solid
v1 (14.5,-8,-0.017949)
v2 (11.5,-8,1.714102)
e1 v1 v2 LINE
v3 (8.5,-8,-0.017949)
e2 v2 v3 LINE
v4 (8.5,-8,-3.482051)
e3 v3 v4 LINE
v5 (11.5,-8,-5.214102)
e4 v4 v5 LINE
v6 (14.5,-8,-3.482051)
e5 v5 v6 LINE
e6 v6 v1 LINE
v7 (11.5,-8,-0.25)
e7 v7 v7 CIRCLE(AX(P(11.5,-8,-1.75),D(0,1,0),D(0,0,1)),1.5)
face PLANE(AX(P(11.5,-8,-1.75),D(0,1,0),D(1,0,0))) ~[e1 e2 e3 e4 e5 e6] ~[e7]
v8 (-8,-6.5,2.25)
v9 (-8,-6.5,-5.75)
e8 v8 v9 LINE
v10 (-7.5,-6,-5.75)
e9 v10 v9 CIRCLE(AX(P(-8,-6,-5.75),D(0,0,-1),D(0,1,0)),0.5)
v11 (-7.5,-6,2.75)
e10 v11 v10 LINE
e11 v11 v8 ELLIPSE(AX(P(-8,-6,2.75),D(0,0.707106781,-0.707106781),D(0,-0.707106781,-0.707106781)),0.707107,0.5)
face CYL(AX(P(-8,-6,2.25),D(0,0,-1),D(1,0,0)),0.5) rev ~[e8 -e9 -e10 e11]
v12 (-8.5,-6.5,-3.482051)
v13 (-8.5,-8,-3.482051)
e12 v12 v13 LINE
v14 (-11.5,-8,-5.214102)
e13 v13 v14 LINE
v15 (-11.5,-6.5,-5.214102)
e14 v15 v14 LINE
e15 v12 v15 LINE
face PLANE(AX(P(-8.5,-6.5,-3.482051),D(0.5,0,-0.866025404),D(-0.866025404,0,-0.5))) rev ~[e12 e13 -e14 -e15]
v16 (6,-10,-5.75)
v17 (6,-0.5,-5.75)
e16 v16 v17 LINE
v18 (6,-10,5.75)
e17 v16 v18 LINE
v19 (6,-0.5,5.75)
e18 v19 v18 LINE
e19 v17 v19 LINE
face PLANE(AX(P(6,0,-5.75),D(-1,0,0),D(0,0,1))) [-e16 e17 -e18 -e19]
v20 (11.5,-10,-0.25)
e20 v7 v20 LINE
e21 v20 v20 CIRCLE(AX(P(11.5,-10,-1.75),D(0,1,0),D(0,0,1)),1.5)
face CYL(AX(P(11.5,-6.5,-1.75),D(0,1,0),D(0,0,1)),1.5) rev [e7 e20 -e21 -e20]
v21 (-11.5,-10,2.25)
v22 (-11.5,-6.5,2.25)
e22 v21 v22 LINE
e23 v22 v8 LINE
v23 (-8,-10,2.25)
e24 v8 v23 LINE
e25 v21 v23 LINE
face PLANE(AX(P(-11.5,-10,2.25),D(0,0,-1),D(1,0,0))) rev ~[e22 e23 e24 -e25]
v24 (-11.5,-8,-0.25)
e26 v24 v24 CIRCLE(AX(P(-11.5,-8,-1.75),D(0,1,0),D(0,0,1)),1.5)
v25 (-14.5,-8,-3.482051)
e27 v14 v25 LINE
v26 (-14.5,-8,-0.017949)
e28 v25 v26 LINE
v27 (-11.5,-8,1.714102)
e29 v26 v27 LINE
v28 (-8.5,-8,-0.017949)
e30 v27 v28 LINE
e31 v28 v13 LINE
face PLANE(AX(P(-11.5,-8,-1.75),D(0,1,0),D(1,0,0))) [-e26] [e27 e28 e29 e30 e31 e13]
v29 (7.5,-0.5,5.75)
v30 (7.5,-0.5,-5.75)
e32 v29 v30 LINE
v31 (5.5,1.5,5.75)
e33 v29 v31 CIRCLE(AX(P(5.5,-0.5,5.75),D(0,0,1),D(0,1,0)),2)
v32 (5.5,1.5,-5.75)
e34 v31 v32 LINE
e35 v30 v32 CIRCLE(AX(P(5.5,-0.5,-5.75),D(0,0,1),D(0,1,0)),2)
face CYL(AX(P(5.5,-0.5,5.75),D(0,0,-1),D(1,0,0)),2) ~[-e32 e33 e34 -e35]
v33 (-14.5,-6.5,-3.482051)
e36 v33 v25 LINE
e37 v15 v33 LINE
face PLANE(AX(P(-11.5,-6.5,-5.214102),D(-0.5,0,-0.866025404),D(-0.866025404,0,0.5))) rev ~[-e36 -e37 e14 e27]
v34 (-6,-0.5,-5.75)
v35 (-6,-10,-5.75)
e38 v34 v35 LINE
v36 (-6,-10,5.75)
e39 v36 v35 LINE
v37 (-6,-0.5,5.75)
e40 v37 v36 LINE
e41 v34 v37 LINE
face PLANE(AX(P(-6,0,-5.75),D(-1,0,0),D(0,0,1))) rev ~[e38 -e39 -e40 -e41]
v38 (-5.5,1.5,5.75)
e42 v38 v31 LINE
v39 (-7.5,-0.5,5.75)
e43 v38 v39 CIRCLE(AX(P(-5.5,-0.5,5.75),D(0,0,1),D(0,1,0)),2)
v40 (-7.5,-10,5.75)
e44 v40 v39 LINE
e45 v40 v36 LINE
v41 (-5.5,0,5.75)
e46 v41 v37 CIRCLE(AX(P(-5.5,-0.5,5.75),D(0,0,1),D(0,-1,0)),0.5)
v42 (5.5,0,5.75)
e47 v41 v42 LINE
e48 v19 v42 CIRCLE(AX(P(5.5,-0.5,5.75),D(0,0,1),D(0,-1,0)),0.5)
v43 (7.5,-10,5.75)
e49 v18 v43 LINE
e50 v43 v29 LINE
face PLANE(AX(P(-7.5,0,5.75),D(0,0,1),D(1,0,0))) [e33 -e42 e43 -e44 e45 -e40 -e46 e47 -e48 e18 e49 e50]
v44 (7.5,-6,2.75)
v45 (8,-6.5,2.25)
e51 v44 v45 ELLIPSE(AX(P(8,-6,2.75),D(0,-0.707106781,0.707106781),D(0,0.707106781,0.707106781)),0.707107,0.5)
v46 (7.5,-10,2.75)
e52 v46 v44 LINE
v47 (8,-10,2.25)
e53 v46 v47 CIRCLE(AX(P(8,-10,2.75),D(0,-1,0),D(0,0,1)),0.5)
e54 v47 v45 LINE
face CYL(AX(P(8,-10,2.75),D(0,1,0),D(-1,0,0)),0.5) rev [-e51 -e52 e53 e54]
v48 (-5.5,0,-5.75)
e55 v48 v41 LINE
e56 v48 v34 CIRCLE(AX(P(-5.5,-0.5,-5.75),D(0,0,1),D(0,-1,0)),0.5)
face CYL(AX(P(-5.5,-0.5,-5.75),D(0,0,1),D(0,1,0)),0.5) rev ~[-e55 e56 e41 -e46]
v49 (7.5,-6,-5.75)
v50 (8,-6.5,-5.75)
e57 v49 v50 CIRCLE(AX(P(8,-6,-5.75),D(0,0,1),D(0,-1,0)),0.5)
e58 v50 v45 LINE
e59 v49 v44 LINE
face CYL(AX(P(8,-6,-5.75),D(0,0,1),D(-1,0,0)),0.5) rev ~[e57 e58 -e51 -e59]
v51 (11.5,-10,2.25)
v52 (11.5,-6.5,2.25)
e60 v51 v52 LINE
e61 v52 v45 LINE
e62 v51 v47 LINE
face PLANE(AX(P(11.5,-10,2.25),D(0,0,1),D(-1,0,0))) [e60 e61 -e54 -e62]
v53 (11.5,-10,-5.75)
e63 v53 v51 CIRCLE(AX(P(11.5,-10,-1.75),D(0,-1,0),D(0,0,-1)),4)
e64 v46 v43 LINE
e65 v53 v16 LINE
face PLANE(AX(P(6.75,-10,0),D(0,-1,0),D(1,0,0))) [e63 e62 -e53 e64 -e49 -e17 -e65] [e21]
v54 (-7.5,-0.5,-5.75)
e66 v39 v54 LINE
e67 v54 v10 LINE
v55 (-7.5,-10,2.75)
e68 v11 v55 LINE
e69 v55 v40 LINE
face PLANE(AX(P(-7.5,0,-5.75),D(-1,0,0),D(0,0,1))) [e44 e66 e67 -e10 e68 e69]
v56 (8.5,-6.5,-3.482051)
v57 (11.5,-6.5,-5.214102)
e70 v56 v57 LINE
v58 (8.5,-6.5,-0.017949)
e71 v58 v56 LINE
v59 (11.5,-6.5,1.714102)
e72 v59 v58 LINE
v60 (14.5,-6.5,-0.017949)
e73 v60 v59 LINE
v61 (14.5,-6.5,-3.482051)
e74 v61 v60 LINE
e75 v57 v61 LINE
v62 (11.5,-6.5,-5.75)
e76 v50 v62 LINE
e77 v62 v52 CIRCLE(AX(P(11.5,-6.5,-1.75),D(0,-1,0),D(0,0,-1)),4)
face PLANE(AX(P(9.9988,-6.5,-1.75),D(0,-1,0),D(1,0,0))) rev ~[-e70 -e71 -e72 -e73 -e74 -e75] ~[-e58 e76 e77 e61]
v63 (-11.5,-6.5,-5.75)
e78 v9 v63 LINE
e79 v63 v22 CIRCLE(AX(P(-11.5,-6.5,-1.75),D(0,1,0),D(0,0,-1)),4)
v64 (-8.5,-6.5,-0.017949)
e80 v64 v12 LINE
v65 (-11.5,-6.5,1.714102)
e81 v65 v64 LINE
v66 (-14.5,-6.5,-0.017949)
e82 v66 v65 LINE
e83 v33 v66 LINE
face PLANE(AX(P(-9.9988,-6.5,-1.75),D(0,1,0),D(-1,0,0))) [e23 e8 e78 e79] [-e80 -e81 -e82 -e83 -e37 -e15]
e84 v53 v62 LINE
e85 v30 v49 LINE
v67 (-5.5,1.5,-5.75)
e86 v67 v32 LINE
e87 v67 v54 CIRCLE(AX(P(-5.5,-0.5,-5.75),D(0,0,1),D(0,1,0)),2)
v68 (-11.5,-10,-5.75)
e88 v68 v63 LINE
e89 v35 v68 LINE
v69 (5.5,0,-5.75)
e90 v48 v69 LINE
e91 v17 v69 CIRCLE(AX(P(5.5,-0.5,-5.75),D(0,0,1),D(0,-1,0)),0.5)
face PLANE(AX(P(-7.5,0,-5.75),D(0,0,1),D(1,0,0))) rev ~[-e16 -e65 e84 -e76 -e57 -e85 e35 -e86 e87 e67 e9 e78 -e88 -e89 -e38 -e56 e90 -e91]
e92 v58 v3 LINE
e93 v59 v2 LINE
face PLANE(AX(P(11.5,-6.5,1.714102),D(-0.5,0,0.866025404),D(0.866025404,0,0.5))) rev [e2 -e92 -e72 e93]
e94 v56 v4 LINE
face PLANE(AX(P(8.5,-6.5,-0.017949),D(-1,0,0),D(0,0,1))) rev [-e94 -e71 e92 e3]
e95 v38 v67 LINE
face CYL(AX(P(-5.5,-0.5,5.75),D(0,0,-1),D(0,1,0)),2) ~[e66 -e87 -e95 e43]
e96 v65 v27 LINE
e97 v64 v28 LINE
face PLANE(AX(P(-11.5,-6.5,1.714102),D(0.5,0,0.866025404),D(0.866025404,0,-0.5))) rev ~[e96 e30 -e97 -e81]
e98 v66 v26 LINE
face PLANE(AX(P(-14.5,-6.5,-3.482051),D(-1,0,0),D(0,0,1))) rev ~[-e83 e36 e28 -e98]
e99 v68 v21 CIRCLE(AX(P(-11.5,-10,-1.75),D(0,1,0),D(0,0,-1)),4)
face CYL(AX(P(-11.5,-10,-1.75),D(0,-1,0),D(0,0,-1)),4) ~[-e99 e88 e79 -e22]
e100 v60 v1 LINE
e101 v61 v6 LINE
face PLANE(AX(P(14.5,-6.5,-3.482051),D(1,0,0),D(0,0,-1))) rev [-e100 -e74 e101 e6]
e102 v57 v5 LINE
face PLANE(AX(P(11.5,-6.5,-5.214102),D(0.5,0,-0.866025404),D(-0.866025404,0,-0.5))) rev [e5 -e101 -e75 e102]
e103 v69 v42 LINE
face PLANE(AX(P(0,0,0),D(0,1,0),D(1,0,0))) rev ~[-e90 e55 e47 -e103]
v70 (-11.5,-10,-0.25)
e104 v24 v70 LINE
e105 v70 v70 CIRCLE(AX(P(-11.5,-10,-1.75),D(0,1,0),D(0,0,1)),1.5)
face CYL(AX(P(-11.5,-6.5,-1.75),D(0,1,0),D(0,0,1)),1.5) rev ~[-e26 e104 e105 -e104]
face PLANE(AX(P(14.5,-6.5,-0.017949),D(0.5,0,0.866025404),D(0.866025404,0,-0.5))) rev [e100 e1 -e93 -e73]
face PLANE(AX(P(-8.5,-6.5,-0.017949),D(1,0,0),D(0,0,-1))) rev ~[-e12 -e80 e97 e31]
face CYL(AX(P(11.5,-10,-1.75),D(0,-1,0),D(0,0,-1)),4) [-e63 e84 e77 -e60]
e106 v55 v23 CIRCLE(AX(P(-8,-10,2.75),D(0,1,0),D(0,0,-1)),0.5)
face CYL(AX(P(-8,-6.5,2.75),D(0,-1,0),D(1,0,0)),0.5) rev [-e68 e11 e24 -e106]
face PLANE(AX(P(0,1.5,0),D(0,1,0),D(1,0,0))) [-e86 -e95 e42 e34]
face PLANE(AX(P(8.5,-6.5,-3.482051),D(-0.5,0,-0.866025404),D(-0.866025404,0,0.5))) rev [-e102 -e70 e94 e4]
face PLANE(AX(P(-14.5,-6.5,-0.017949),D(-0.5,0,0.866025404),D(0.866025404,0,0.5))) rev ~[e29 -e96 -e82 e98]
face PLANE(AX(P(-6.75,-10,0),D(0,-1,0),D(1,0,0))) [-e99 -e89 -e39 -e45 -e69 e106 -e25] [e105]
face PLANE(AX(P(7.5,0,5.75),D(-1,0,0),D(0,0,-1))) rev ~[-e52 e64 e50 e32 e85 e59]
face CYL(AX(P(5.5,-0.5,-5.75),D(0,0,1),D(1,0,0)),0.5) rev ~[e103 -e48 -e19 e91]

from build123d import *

# Parameters (mm, degrees)
SKETCH1_W           = 15
SKETCH1_H           = 11.5
BOSS_EXTRUDE1_DEPTH = 1.5
SKETCH4_W           = 1.5
SKETCH4_H           = 11.5
BOSS_EXTRUDE2_DEPTH = 10
BOSS_EXTRUDE3_DEPTH = 3.5
CUT_EXTRUDE1_DEPTH  = 1.5
SKETCH12_R          = 1.5
CUT_EXTRUDE3_DEPTH  = 19.366069258
FILLET1_R           = 2
FILLET2_R           = 0.5


with BuildPart() as part:
    # Sketch1 → Boss-Extrude1 (new body)
    with BuildSketch(Plane(origin=(0, 0, 0), x_dir=(1, 0, 0), z_dir=(0, 1, 0))):
        Rectangle(SKETCH1_W, SKETCH1_H)
    extrude(amount=BOSS_EXTRUDE1_DEPTH)

    # Sketch4 → Boss-Extrude2 (add)
    with BuildSketch(Plane.XZ):
        with Locations((-6.75, 0)):
            Rectangle(SKETCH4_W, SKETCH4_H)
        with Locations((6.75, 0)):
            Rectangle(SKETCH4_W, SKETCH4_H)
    extrude(amount=BOSS_EXTRUDE2_DEPTH)

    # Sketch5 → Boss-Extrude3 (add)
    with BuildSketch(Plane.XZ.offset(10)):
        with BuildLine():
            Line((-6, -5.75), (-11.5, -5.75))
            ThreePointArc((-11.5, -5.75), (-15.5, -1.75), (-11.5, 2.25))
            Line((-11.5, 2.25), (-6, 2.25))
            Line((-6, 2.25), (-6, -5.75))
        make_face()
        with BuildLine():
            Line((6, -5.75), (11.5, -5.75))
            ThreePointArc((11.5, -5.75), (15.5, -1.75), (11.5, 2.25))
            Line((11.5, 2.25), (6, 2.25))
            Line((6, 2.25), (6, -5.75))
        make_face()
    extrude(amount=-BOSS_EXTRUDE3_DEPTH)

    # Sketch10 → Cut-Extrude1 (cut)
    with BuildSketch(Plane(origin=(0, -6.5, 0), x_dir=(1, 0, 0), z_dir=(0, 1, 0))):
        Polygon((-8.5, 3.482050808), (-11.5, 5.214101615), (-14.5, 3.482050808), (-14.5, 0.017949192), (-11.5, -1.714101615), (-8.5, 0.017949192), align=None)
    cut_extrude1 = extrude(amount=-CUT_EXTRUDE1_DEPTH, mode=Mode.SUBTRACT)

    # Sketch12 → Cut-Extrude3 (cut, through all)
    with BuildSketch(Plane(origin=(0, -6.5, 0), x_dir=(1, 0, 0), z_dir=(0, 1, 0))):
        with Locations(Location((-11.5, 1.75, 0), (0, 0, 270))):
            Circle(SKETCH12_R)
    cut_extrude3 = extrude(amount=-CUT_EXTRUDE3_DEPTH, mode=Mode.SUBTRACT)

    # Mirror1: Cut-Extrude1, Cut-Extrude3 across plane
    add(cut_extrude1.mirror(Plane(origin=(0, 0, 0), x_dir=(0, 0, 1), z_dir=(1, 0, 0))), mode=Mode.SUBTRACT)
    add(cut_extrude3.mirror(Plane(origin=(0, 0, 0), x_dir=(0, 0, 1), z_dir=(1, 0, 0))), mode=Mode.SUBTRACT)

    # Fillet1
    fillet1_edges = [part.edges().sort_by_distance(p)[0] for p in [
        (7.5, 1.5, 0),
        (-7.5, 1.5, 0),
    ]]
    fillet(fillet1_edges, radius=FILLET1_R)

    # Fillet2
    fillet2_edges = [part.edges().sort_by_distance(p)[0] for p in [
        (-6, 0, 0),
        (6, 0, 0),
        (-7.5, -6.5, -1.75),
        (-7.5, -8.25, 2.25),
        (7.5, -8.25, 2.25),
        (7.5, -6.5, -1.75),
    ]]
    fillet(fillet2_edges, radius=FILLET2_R)


solid = part.part
